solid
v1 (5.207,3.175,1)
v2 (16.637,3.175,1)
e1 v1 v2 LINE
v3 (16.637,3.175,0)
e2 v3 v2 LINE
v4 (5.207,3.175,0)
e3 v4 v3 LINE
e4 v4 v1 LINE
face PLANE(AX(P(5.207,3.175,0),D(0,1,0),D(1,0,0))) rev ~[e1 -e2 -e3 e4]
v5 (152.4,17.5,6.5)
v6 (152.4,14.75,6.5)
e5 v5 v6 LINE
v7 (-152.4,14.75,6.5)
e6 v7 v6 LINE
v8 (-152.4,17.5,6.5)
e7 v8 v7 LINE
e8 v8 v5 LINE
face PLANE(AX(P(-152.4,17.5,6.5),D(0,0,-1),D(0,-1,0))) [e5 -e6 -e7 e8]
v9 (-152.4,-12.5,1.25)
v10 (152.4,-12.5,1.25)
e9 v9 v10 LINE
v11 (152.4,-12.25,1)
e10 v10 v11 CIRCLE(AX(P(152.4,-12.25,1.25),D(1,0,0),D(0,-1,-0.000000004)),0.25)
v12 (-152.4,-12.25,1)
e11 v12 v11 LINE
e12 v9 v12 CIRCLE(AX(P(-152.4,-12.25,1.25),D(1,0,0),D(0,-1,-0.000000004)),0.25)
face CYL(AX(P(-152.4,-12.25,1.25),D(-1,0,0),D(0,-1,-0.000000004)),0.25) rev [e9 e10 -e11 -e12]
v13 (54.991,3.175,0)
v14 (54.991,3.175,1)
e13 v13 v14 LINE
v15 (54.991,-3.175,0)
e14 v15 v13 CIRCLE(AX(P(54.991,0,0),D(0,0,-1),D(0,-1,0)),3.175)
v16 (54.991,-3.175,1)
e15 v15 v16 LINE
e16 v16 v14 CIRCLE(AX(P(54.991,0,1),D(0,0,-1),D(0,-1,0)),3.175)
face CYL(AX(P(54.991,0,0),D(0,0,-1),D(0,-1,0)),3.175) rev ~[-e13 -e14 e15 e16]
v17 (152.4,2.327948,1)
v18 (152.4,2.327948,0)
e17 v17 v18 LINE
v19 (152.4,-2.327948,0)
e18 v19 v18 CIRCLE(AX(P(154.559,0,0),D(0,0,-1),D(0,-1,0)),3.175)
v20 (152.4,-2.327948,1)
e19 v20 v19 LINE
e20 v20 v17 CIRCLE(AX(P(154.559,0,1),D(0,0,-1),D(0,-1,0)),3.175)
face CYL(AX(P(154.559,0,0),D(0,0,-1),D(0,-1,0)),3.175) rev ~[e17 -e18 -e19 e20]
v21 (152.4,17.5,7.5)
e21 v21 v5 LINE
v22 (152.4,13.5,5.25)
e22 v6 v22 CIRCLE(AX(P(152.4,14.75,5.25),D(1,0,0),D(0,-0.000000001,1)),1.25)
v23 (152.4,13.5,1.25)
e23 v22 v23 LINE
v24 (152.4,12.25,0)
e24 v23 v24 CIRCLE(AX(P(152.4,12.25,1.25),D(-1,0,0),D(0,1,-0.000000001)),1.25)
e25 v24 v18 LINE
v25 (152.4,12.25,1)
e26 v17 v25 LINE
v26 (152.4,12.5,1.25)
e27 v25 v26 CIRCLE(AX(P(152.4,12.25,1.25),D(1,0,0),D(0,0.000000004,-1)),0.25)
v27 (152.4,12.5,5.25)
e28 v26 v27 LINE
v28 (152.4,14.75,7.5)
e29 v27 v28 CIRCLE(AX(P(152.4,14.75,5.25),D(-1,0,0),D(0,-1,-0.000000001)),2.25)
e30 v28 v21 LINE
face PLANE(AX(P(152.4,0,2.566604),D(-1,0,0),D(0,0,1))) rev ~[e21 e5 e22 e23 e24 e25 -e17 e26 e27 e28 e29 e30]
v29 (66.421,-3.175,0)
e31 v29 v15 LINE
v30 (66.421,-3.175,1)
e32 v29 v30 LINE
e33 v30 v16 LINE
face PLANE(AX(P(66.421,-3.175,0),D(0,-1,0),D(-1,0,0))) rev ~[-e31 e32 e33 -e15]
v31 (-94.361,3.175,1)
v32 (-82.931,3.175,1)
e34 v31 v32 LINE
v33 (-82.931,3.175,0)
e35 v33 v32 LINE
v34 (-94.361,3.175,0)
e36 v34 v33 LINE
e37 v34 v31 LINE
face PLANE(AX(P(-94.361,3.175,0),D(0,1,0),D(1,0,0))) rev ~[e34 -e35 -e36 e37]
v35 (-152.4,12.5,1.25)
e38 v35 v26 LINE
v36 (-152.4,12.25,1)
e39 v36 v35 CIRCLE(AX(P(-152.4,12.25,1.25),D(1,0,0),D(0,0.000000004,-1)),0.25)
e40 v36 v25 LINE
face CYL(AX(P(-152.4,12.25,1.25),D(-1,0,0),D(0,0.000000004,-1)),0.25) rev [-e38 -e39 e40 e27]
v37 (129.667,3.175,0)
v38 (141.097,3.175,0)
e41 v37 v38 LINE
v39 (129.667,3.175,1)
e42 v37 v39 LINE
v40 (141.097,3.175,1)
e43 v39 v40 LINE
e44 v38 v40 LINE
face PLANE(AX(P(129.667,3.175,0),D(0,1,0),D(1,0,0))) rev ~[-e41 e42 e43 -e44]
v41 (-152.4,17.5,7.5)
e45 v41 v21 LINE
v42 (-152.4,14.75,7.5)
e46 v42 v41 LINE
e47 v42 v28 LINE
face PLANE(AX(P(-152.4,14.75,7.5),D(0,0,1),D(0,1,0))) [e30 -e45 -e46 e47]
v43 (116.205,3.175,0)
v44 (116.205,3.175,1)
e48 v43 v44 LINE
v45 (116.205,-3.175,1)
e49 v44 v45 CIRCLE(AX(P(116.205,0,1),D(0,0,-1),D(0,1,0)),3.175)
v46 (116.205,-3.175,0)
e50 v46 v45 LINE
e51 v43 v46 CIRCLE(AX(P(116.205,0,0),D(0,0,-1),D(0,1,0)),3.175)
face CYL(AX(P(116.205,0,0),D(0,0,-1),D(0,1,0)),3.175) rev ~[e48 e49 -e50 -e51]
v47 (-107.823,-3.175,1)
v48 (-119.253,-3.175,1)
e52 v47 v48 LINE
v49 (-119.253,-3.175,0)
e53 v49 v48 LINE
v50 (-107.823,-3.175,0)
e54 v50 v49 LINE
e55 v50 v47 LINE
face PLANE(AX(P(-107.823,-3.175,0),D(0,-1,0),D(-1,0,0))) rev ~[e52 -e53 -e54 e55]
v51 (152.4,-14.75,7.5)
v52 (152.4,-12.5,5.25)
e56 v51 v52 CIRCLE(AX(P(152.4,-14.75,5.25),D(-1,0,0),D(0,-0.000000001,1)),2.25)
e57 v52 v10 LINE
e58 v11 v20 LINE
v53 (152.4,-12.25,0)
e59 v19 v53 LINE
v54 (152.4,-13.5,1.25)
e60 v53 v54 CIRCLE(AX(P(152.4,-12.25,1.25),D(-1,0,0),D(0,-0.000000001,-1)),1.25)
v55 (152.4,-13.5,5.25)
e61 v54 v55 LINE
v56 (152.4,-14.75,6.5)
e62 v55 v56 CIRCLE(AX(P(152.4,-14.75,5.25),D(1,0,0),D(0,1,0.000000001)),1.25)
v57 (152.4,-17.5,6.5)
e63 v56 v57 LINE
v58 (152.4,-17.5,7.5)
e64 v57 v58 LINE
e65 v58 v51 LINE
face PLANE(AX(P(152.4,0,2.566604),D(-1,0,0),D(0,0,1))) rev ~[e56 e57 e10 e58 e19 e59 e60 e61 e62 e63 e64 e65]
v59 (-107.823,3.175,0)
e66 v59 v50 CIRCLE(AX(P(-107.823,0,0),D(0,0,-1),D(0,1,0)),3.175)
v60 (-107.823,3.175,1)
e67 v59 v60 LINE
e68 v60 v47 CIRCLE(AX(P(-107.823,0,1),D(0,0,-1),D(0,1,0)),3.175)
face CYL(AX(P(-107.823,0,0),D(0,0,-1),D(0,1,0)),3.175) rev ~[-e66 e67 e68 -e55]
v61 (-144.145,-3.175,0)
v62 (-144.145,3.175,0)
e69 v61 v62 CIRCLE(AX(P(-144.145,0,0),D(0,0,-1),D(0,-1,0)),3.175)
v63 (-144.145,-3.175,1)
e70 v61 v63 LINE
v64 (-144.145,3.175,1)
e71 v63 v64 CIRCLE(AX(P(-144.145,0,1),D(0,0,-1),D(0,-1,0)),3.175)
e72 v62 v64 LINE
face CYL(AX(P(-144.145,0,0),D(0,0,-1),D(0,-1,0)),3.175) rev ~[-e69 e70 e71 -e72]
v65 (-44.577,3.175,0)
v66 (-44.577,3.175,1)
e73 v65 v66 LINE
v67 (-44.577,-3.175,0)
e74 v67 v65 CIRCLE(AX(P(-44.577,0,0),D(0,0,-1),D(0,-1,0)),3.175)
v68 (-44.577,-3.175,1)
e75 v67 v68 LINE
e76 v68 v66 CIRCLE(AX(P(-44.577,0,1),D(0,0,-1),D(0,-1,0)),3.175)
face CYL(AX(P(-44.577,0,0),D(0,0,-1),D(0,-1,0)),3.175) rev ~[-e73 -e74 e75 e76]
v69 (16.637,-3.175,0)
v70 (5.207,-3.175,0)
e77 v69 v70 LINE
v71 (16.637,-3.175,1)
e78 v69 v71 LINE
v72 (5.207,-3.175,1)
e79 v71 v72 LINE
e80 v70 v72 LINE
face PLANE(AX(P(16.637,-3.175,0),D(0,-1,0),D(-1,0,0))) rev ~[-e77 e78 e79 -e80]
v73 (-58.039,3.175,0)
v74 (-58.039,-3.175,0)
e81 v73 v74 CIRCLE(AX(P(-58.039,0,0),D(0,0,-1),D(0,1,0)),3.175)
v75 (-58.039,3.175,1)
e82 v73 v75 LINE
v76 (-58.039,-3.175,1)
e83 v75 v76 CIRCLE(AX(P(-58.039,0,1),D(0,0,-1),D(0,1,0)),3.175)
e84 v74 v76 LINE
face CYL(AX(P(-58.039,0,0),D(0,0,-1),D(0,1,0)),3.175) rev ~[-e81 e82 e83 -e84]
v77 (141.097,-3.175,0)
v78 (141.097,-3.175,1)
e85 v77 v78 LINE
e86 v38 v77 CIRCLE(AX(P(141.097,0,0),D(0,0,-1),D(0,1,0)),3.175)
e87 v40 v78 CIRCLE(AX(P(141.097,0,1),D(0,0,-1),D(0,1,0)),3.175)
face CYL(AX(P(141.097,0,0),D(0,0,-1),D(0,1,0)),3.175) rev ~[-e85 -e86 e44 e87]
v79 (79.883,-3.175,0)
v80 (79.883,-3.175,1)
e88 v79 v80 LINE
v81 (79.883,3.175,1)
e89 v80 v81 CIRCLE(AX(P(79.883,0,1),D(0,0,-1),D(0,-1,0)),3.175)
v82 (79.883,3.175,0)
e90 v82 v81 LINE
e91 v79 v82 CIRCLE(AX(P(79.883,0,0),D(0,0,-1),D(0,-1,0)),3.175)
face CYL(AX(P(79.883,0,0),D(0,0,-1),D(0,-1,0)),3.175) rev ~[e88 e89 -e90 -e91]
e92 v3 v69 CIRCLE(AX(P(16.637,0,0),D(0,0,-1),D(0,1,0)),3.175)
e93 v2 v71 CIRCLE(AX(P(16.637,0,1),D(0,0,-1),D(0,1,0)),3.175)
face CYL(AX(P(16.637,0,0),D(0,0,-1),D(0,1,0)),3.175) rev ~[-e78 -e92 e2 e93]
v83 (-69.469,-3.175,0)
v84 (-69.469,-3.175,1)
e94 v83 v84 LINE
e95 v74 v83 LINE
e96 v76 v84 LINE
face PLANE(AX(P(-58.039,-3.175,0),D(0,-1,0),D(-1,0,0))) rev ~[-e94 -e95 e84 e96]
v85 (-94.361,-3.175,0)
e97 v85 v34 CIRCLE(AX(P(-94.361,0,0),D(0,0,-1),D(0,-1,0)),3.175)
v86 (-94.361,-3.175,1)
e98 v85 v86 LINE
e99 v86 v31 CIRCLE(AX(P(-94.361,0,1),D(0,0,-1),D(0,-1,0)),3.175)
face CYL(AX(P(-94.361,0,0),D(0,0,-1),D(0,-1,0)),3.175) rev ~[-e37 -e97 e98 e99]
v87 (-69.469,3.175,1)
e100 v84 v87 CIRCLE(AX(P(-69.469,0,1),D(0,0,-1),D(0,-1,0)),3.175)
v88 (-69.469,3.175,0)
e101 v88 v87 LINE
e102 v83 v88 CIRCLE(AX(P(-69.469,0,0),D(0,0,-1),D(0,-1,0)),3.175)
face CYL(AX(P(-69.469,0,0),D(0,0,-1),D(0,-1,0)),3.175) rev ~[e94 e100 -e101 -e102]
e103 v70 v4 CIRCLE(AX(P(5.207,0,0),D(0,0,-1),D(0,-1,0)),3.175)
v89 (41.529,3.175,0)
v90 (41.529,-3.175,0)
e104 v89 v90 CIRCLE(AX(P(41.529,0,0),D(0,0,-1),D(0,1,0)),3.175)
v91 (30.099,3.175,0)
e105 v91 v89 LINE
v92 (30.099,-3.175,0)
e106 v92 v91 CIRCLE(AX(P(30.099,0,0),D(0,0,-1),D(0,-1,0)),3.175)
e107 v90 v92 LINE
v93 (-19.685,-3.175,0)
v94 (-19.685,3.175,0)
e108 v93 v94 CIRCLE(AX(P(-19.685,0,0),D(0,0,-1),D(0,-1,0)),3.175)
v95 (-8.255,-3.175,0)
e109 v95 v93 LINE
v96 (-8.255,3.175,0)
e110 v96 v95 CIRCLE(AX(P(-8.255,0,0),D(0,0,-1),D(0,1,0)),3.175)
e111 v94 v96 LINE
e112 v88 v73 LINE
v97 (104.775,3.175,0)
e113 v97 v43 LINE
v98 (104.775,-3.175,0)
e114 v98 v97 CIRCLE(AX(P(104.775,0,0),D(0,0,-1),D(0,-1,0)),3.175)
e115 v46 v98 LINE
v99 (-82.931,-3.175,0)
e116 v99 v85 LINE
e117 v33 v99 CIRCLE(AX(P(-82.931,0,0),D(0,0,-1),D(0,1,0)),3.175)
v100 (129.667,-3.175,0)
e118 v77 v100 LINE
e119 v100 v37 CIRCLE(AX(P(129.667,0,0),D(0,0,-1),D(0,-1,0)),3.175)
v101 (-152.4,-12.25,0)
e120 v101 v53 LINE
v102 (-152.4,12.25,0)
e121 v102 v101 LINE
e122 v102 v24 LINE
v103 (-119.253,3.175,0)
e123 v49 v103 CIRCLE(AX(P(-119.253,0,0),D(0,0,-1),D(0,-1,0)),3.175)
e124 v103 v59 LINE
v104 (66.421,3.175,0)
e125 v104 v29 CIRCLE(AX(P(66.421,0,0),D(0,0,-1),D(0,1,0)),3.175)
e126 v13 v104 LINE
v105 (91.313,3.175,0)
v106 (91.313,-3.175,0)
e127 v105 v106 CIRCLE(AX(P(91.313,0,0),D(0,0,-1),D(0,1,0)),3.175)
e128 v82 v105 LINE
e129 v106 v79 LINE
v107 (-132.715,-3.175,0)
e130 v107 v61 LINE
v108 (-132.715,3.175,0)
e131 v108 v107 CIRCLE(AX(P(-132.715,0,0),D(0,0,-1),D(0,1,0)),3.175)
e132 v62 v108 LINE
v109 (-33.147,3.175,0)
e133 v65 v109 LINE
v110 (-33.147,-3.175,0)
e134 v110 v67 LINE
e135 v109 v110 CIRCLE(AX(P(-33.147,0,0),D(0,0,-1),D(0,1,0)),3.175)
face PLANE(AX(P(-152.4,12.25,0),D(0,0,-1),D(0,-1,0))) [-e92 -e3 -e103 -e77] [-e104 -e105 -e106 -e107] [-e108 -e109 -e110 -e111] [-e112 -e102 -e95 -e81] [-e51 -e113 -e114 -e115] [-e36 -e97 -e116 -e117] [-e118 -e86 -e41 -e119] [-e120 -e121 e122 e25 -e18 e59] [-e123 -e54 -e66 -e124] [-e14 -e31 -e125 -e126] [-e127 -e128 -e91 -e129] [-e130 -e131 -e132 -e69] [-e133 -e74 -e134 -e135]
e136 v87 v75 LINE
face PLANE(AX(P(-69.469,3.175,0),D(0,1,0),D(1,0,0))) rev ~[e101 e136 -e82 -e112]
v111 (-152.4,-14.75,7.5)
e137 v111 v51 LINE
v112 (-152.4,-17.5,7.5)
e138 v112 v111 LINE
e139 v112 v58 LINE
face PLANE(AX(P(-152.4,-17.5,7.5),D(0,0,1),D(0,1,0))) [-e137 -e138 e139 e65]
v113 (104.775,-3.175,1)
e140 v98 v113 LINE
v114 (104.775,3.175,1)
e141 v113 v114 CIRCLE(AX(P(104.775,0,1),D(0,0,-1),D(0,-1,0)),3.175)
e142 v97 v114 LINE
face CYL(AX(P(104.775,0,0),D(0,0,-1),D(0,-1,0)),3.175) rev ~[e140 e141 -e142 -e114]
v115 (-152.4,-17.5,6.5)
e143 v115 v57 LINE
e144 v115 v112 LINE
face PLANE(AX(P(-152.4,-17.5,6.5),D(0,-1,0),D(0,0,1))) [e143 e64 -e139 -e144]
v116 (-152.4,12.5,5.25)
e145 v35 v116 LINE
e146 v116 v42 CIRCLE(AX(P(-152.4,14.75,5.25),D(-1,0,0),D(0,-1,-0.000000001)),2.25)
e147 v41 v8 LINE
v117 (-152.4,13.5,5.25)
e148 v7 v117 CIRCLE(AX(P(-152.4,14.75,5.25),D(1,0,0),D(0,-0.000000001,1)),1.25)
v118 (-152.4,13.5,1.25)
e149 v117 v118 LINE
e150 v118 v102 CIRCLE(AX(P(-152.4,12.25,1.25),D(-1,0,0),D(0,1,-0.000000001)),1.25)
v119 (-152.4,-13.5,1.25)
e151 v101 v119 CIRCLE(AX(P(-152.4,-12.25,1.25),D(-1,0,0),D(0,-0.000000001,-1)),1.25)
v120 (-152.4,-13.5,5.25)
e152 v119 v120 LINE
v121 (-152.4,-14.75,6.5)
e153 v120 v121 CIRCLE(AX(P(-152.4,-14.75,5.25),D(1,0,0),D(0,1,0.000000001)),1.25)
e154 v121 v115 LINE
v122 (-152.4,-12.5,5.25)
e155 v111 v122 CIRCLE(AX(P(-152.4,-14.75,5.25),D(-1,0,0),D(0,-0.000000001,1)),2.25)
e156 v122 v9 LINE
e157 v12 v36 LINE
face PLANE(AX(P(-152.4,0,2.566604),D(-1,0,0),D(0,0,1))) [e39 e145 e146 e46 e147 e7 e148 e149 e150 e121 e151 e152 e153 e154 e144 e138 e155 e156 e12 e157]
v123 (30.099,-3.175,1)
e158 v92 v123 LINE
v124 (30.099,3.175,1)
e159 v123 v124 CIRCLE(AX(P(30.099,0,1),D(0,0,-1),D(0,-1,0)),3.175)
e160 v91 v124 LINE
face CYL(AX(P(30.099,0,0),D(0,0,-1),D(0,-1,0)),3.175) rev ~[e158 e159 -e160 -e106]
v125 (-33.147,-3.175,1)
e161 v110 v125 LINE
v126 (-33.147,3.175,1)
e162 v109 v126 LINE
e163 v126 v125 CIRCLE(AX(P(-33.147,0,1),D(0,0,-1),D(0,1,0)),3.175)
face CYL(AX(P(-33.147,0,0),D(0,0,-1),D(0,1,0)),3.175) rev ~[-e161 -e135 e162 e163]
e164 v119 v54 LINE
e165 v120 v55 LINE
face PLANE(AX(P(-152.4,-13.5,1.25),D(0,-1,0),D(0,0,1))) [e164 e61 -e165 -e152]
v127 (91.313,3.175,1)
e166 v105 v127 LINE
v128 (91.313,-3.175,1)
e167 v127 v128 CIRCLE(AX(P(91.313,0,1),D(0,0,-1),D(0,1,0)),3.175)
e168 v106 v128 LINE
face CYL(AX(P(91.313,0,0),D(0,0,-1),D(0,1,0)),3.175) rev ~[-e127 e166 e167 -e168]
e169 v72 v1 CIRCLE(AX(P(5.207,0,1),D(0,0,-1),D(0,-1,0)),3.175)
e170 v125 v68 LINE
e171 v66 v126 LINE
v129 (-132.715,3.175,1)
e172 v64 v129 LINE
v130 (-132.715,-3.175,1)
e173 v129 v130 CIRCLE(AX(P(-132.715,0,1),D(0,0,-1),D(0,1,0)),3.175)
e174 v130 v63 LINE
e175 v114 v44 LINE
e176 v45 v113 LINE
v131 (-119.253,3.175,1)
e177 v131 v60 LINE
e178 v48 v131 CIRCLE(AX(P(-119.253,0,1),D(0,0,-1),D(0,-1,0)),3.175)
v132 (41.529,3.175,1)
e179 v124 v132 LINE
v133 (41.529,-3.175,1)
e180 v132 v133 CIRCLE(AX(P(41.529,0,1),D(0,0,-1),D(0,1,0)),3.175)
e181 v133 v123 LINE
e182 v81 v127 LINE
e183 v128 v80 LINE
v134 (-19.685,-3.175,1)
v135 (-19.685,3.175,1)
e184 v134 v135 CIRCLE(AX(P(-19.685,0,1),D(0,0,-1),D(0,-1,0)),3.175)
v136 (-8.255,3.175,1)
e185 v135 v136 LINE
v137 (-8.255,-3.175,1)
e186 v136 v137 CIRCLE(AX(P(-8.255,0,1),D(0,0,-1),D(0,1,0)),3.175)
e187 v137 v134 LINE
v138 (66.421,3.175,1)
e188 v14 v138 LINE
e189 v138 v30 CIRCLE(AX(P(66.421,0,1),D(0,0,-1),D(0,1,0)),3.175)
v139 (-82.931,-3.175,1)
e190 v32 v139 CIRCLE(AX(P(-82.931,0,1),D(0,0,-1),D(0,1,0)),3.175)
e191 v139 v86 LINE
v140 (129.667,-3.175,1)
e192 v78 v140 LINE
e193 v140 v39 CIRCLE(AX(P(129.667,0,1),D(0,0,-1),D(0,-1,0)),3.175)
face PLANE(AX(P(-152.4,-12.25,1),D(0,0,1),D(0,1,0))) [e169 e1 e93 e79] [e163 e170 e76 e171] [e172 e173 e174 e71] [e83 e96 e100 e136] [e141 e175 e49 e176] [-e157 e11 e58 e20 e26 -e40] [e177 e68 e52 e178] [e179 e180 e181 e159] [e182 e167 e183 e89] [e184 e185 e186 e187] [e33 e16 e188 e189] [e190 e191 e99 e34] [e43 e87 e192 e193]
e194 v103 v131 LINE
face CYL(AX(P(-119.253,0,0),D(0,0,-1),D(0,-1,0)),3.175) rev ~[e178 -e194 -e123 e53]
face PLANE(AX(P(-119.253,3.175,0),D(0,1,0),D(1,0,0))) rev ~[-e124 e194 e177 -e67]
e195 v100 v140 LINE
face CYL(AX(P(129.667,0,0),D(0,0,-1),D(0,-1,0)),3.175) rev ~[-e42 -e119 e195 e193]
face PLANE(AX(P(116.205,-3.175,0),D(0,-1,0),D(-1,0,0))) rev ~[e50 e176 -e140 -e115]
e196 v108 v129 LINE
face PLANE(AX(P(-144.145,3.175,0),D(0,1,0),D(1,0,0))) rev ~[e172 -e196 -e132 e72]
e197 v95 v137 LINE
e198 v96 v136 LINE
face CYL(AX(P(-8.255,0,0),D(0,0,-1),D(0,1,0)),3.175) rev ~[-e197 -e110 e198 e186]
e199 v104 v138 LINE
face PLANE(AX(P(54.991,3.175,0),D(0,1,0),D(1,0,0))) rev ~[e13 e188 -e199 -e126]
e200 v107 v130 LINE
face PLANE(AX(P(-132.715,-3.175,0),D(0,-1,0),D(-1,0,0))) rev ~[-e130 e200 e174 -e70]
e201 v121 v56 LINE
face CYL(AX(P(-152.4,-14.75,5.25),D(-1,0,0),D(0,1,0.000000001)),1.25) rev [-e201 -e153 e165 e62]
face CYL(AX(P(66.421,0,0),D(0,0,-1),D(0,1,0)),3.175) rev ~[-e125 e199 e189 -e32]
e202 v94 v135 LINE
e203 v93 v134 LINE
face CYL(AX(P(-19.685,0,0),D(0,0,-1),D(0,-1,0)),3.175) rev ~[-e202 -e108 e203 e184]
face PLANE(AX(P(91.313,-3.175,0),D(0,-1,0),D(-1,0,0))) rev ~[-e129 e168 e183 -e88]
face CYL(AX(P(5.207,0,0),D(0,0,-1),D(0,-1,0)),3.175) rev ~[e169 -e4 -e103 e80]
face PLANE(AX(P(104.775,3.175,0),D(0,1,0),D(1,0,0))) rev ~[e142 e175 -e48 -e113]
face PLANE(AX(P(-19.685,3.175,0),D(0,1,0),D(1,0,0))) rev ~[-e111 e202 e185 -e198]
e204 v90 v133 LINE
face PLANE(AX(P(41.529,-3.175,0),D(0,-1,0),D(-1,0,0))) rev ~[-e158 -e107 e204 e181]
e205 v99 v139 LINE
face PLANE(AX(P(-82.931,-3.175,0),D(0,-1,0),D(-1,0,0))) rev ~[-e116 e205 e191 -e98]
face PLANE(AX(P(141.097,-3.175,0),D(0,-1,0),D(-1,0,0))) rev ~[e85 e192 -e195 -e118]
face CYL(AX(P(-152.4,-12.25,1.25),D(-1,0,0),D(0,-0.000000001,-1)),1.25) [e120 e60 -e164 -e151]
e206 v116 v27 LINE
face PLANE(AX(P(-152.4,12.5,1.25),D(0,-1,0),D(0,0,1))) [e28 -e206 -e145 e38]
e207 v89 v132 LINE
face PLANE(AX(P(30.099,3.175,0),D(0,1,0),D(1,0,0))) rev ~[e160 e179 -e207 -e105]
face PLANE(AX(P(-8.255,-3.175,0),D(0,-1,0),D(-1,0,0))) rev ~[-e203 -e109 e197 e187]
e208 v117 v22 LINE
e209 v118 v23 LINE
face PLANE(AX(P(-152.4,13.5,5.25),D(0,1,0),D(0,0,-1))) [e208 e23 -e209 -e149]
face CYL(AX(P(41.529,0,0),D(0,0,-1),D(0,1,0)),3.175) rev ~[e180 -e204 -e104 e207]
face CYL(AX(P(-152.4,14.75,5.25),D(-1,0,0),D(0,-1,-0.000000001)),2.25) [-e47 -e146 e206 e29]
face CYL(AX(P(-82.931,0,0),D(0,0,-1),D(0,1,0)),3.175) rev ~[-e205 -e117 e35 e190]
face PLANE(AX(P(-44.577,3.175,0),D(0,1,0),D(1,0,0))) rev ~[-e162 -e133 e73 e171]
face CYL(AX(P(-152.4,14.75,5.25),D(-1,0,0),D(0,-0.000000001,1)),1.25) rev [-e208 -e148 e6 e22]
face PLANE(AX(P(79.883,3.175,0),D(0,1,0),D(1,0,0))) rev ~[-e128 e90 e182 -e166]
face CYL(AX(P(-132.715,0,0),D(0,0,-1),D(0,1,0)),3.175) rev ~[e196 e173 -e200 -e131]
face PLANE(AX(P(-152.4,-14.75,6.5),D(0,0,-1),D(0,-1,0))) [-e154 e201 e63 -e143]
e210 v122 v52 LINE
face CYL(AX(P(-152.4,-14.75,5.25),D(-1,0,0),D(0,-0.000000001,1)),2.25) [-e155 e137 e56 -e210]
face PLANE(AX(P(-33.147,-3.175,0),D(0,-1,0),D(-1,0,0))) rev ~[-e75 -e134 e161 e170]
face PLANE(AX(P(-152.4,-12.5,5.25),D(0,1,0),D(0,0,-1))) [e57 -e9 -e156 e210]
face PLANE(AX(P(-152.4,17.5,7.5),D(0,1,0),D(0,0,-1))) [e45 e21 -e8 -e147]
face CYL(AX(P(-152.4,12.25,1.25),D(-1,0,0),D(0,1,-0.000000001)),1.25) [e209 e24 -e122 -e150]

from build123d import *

# Parameters (mm, degrees)
STRUCTURAL_MEMBER1_DEPTH = 304.8
CUT_EXTRUDE1_REACH       = 155.585
LPATTERN1_COUNT          = 13
LPATTERN1_PITCH          = 24.892


with BuildPart() as part:
    # Sketch2 → Structural Member1 (new body)
    with BuildSketch(Plane(origin=(-152.4, 0, 0), x_dir=(0, 0, -1), z_dir=(1, 0, 0))):
        with BuildLine():
            Line((0, 12.25), (0, -12.25))
            ThreePointArc((0, -12.25), (-0.366116524, -13.133883476), (-1.25, -13.5))
            Line((-1.25, -13.5), (-5.25, -13.5))
            ThreePointArc((-5.25, -13.5), (-6.133883476, -13.866116524), (-6.5, -14.75))
            Line((-6.5, -14.75), (-6.5, -17.5))
            Line((-6.5, -17.5), (-7.5, -17.5))
            Line((-7.5, -17.5), (-7.5, -14.75))
            ThreePointArc((-7.5, -14.75), (-6.840990258, -13.159009742), (-5.25, -12.5))
            Line((-5.25, -12.5), (-1.25, -12.5))
            ThreePointArc((-1.25, -12.5), (-1.073223305, -12.426776695), (-1, -12.25))
            Line((-1, -12.25), (-1, 12.25))
            ThreePointArc((-1, 12.25), (-1.073223305, 12.426776695), (-1.25, 12.5))
            Line((-1.25, 12.5), (-5.25, 12.5))
            ThreePointArc((-5.25, 12.5), (-6.840990258, 13.159009742), (-7.5, 14.75))
            Line((-7.5, 14.75), (-7.5, 17.5))
            Line((-7.5, 17.5), (-6.5, 17.5))
            Line((-6.5, 17.5), (-6.5, 14.75))
            ThreePointArc((-6.5, 14.75), (-6.133883476, 13.866116524), (-5.25, 13.5))
            Line((-5.25, 13.5), (-1.25, 13.5))
            ThreePointArc((-1.25, 13.5), (-0.366116524, 13.133883476), (0, 12.25))
        make_face()
    extrude(amount=STRUCTURAL_MEMBER1_DEPTH)

    # Sketch3 → Cut-Extrude1 (cut, up to next)
    with BuildSketch(Plane.XY, mode=Mode.PRIVATE) as cut_extrude1_sk1:
        with BuildLine():
            Line((-144.145, 3.175), (-132.715, 3.175))
            ThreePointArc((-132.715, 3.175), (-129.54, 0), (-132.715, -3.175))
            Line((-132.715, -3.175), (-144.145, -3.175))
            ThreePointArc((-144.145, -3.175), (-147.32, 0), (-144.145, 3.175))
        make_face()
    cut_extrude1_tool1 = extrude(cut_extrude1_sk1.sketch, amount=CUT_EXTRUDE1_REACH, mode=Mode.PRIVATE) & part.part
    cut_extrude1 = cut_extrude1_tool1.solids().sort_by_distance((-138.43, 0, 0))[0]
    add(cut_extrude1, mode=Mode.SUBTRACT)

    # LPattern1: Cut-Extrude1 ×13
    with Locations(*[(i * LPATTERN1_PITCH, 0, 0) for i in range(1, LPATTERN1_COUNT)]):
        add(cut_extrude1, mode=Mode.SUBTRACT)


solid = part.part
